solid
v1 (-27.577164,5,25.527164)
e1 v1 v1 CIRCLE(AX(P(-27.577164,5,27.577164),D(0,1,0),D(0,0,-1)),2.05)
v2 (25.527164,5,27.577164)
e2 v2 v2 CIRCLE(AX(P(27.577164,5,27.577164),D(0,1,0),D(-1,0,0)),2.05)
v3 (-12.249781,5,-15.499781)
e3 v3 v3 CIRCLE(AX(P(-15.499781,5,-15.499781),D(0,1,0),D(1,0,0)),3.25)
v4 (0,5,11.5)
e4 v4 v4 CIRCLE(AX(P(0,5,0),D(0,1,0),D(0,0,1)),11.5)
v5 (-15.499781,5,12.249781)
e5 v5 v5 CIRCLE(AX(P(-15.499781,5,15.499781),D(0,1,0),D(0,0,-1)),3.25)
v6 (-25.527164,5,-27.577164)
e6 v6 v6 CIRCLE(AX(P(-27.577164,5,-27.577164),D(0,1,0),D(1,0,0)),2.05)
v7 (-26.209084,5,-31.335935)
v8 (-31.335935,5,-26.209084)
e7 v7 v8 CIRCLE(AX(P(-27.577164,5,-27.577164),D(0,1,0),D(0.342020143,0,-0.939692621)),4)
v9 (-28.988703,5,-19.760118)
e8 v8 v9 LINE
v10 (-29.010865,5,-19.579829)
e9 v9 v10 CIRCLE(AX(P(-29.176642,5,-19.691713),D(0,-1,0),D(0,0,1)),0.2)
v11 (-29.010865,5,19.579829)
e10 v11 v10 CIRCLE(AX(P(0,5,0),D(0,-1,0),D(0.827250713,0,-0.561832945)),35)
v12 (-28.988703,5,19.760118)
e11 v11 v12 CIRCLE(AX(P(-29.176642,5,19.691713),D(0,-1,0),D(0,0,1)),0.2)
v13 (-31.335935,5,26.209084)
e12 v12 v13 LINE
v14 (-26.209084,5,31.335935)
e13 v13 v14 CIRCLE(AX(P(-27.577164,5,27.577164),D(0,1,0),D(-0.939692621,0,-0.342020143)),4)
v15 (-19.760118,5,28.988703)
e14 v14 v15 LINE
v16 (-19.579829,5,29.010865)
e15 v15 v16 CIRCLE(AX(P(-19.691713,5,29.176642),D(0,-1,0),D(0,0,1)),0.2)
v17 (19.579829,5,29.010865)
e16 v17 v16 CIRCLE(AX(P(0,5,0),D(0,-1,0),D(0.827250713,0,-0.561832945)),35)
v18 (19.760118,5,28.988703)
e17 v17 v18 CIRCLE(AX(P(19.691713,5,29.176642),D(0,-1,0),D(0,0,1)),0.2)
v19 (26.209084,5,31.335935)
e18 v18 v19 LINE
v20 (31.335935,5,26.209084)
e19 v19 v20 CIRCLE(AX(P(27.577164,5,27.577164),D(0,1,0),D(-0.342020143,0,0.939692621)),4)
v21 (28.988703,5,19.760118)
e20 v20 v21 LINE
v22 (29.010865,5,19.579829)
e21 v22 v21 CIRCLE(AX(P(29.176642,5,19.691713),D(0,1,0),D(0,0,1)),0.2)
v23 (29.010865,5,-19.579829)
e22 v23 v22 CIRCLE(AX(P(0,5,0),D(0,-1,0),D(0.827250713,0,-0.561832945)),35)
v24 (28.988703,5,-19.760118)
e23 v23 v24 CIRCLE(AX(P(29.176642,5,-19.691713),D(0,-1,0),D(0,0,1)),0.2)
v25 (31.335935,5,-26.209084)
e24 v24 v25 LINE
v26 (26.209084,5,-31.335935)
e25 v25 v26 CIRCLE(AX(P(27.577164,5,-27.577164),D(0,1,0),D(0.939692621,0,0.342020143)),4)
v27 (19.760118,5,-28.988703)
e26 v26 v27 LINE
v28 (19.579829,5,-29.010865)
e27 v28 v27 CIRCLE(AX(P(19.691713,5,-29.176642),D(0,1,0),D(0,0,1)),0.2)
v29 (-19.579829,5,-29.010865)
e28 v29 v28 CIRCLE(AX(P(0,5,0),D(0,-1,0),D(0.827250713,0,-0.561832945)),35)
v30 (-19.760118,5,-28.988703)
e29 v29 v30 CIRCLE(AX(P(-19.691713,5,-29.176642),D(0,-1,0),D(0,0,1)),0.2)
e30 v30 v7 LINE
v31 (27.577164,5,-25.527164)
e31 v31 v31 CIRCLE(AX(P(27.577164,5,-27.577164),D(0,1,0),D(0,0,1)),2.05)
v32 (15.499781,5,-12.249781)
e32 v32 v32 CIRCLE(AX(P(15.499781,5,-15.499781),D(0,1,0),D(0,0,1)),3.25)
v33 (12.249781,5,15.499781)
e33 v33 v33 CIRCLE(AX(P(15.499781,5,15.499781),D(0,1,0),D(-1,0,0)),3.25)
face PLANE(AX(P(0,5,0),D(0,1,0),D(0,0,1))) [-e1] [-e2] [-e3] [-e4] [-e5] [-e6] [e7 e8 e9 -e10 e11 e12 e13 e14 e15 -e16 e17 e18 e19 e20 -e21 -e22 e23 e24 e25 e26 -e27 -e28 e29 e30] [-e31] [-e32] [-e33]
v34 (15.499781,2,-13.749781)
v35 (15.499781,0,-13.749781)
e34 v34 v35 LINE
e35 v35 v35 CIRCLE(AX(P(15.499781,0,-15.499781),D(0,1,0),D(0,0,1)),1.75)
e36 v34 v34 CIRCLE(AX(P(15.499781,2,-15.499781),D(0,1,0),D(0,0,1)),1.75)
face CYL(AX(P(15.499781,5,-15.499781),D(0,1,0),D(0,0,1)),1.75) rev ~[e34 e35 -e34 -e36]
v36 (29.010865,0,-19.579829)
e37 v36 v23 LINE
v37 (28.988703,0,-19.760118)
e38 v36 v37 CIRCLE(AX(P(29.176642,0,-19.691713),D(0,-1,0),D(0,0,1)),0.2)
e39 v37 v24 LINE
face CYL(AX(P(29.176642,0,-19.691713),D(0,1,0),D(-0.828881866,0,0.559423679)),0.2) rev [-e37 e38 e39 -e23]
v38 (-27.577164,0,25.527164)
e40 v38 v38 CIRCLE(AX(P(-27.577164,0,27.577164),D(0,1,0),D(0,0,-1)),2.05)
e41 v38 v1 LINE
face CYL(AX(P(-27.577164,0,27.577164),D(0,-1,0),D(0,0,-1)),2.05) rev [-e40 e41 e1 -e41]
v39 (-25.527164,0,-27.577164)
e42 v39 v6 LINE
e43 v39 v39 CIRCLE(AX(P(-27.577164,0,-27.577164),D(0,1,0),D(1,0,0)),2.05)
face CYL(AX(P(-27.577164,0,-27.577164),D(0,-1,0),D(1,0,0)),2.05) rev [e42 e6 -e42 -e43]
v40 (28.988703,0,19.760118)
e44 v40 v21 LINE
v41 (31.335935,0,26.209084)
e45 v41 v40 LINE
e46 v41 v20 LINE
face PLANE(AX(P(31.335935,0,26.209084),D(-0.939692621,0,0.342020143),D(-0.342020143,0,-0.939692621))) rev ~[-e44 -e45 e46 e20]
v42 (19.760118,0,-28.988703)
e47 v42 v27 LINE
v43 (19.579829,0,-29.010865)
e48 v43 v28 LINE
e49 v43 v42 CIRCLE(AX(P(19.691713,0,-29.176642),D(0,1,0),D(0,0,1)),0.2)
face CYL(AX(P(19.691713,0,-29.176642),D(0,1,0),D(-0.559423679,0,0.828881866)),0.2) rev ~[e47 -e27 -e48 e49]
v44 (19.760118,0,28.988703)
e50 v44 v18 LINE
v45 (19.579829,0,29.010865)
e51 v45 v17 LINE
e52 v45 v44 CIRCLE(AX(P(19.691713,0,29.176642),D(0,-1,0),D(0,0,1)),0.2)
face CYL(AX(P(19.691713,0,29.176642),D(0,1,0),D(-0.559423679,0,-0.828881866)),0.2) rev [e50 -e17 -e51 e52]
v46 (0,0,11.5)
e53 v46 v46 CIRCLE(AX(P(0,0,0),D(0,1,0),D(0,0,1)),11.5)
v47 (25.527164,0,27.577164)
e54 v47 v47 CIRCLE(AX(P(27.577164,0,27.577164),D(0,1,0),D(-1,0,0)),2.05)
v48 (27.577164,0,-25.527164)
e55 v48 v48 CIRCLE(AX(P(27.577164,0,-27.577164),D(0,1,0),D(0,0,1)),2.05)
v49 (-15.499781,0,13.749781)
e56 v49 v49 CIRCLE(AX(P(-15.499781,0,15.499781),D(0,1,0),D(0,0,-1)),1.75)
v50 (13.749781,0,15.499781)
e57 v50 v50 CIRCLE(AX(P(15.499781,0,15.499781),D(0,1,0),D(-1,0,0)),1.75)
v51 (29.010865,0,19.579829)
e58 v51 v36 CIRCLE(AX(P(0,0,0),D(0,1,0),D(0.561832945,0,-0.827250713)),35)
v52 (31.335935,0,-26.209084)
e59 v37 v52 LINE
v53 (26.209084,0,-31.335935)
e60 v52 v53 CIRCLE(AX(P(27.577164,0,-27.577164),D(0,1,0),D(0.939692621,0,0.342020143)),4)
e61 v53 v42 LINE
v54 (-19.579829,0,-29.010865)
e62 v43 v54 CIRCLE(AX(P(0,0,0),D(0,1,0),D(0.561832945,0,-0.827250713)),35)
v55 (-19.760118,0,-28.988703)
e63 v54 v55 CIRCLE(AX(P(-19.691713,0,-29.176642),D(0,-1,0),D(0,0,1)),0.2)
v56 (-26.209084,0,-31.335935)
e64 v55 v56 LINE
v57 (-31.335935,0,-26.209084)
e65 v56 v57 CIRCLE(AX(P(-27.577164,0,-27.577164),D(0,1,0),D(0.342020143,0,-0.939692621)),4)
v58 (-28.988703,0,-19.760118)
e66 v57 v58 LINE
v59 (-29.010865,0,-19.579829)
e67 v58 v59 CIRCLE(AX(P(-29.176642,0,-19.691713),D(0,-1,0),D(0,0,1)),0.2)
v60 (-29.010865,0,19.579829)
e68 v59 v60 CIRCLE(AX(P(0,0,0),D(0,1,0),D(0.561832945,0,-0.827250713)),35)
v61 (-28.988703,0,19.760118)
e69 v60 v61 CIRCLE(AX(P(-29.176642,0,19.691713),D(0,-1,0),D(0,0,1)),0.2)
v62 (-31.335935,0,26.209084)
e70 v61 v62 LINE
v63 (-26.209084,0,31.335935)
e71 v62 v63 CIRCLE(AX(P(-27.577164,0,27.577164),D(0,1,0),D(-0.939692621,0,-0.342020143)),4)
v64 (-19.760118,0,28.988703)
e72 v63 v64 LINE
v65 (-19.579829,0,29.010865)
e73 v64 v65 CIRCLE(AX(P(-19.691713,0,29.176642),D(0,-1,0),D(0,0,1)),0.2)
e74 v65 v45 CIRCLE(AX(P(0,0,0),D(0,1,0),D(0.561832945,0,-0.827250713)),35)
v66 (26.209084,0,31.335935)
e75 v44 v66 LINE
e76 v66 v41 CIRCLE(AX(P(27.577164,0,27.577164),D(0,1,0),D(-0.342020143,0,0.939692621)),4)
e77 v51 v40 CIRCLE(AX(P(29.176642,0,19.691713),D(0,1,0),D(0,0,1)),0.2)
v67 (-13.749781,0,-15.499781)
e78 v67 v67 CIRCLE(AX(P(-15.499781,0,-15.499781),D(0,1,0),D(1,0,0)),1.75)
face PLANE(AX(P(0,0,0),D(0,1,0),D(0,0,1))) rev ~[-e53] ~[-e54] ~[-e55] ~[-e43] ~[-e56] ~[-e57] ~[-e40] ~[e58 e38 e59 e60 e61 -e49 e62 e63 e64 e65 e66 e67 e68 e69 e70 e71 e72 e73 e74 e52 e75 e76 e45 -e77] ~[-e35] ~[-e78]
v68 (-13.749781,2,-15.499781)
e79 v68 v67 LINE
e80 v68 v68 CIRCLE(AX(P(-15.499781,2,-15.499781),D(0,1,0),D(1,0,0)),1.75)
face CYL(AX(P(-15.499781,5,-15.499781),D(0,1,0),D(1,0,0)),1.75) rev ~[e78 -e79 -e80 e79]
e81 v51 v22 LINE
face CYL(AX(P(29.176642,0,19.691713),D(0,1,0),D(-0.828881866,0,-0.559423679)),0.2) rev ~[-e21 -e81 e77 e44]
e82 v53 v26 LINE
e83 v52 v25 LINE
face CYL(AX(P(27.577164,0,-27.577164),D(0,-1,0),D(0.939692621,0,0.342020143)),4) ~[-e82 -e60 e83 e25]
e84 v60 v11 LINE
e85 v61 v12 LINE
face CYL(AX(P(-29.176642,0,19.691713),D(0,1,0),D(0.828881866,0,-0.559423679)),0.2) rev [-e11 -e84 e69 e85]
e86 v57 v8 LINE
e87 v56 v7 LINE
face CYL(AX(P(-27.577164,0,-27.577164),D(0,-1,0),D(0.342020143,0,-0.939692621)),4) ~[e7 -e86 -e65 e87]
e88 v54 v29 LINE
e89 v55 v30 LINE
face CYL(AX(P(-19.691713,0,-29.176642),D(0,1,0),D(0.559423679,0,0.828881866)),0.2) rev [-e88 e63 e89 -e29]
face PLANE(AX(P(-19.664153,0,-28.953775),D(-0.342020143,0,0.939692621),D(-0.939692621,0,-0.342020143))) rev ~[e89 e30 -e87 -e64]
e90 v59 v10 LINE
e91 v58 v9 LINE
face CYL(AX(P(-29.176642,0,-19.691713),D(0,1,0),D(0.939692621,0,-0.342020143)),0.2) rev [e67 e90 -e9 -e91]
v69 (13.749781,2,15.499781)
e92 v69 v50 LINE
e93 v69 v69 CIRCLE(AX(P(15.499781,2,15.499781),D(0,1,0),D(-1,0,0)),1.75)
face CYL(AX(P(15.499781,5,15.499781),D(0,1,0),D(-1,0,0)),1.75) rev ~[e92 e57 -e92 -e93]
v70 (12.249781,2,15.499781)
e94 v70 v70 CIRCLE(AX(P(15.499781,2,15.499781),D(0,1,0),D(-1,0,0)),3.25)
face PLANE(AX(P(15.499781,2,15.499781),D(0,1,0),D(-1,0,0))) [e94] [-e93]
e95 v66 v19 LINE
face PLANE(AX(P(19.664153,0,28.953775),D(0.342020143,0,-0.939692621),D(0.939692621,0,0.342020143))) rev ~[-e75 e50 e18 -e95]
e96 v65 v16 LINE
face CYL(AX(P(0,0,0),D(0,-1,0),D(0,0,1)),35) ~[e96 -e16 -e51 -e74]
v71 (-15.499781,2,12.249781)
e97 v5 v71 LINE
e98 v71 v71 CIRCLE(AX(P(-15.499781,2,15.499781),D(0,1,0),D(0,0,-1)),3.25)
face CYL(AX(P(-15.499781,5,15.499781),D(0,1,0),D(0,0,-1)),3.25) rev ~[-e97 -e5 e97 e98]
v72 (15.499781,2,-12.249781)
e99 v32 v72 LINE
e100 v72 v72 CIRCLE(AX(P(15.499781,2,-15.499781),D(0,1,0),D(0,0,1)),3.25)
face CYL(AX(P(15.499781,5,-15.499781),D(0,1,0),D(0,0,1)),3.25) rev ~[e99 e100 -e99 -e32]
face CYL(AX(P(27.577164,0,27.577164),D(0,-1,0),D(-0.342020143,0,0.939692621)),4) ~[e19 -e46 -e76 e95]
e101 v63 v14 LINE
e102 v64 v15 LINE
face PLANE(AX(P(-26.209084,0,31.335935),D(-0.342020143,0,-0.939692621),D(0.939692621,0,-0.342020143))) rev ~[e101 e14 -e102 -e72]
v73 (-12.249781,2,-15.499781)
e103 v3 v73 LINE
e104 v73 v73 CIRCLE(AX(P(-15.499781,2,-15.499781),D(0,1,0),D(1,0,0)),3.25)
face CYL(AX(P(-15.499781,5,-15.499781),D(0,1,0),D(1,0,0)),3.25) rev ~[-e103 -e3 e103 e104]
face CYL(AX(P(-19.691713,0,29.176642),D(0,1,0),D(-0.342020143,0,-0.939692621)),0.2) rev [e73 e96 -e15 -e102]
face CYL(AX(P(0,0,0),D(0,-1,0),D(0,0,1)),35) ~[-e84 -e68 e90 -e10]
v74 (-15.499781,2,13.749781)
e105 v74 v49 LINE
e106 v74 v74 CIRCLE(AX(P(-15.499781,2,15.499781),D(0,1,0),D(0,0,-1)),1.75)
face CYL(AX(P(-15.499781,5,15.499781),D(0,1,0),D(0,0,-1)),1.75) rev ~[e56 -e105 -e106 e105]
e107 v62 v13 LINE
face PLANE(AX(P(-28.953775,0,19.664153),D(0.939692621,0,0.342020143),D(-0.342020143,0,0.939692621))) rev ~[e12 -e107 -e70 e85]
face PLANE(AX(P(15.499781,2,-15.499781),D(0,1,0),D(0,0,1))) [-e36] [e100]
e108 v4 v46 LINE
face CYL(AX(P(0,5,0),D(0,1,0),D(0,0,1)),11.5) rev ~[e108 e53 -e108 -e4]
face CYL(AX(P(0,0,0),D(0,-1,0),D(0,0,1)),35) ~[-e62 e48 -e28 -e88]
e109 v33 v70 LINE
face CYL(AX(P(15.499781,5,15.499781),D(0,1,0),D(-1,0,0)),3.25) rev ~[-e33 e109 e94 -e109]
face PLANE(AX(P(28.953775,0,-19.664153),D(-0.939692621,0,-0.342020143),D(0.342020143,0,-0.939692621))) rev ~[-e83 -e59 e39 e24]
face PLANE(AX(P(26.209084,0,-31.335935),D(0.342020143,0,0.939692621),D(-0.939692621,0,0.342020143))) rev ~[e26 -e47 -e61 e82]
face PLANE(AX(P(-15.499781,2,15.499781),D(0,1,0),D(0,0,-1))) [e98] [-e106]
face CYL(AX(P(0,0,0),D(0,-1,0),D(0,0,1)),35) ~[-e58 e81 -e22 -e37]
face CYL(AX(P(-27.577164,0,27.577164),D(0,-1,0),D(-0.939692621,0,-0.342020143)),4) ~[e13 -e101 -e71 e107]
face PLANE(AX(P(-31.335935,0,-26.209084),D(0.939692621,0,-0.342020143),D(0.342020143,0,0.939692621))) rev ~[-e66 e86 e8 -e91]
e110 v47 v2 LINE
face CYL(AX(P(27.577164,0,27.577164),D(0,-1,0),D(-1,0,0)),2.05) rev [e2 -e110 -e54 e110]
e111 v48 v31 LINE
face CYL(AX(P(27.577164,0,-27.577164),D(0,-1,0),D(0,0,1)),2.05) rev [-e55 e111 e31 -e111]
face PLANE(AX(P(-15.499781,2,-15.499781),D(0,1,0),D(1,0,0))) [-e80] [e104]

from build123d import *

# Parameters (mm, degrees)
SKETCH1_R                = 35
BOSS_EXTRUDE1_DEPTH      = 5
SKETCH2_R                = 11.5
CUT_EXTRUDE1_DEPTH       = 50.749371855
SKETCH2_4_R              = 3.25
SKETCH2_4_R_2            = 1.75
CUT_EXTRUDE2_DEPTH       = 3
SKETCH2_5_R              = 1.75
CUT_EXTRUDE3_DEPTH       = 50.749371855
CIRPATTERN3_COUNT        = 4
BOSS_EXTRUDE2_START      = -5
SKETCH3_R                = 2.05
BOSS_EXTRUDE2_DEPTH      = 5
FILLET1_R                = 0.2
CIRPATTERN4_COUNT        = 4
FILLET1_OF_CIRPATTERN4_R = 0.2


with BuildPart() as part:
    # Sketch1 → Boss-Extrude1 (new body)
    with BuildSketch(Plane(origin=(0, 0, 0), x_dir=(1, 0, 0), z_dir=(0, 1, 0))):
        with Locations(Location((0, 0, 0), (0, 0, 270))):
            Circle(SKETCH1_R)
    extrude(amount=BOSS_EXTRUDE1_DEPTH)

    # Sketch2 → Cut-Extrude1 (cut, through all)
    with BuildSketch(Plane(origin=(0, 5, 0), x_dir=(1, 0, 0), z_dir=(0, 1, 0))):
        with Locations(Location((0, 0, 0), (0, 0, 270))):
            Circle(SKETCH2_R)
    extrude(amount=-CUT_EXTRUDE1_DEPTH, mode=Mode.SUBTRACT)

    # Sketch2<4> → Cut-Extrude2 (cut)
    with BuildSketch(Plane(origin=(0, 5, 0), x_dir=(1, 0, 0), z_dir=(0, 1, 0))):
        with Locations(Location((15.499780644, 15.499780644, 0), (0, 0, 270))):
            Circle(SKETCH2_4_R)
        with Locations(Location((15.499780644, 15.499780644, 0), (0, 0, 270))):
            Circle(SKETCH2_4_R_2, mode=Mode.SUBTRACT)
    cut_extrude2 = extrude(amount=-CUT_EXTRUDE2_DEPTH, mode=Mode.SUBTRACT)

    # Sketch2<5> → Cut-Extrude3 (cut, through all)
    with BuildSketch(Plane(origin=(0, 5, 0), x_dir=(1, 0, 0), z_dir=(0, 1, 0))):
        with Locations(Location((15.499780644, 15.499780644, 0), (0, 0, 270))):
            Circle(SKETCH2_5_R)
    cut_extrude3 = extrude(amount=-CUT_EXTRUDE3_DEPTH, mode=Mode.SUBTRACT)

    # CirPattern3: Cut-Extrude2, Cut-Extrude3 ×4 about axis
    cirpattern3_axis = Axis((0, 0, 0), (0, 1, 0))
    add([cut_extrude2.rotate(cirpattern3_axis, i * 360 / CIRPATTERN3_COUNT) for i in range(1, CIRPATTERN3_COUNT)], mode=Mode.SUBTRACT)
    add([cut_extrude3.rotate(cirpattern3_axis, i * 360 / CIRPATTERN3_COUNT) for i in range(1, CIRPATTERN3_COUNT)], mode=Mode.SUBTRACT)

    # Sketch3 → Boss-Extrude2 (add)
    with BuildSketch(Plane(origin=(0, 5, 0), x_dir=(1, 0, 0), z_dir=(0, 1, 0)).offset(BOSS_EXTRUDE2_START)):
        with BuildLine():
            ThreePointArc((19.664153078, 28.953774948), (24.748737342, 24.748737342), (28.953774948, 19.664153078))
            Line((28.953774948, 19.664153078), (31.335934949, 26.209083893))
            ThreePointArc((31.335934949, 26.209083893), (30.405591591, 30.405591591), (26.209083893, 31.335934949))
            Line((26.209083893, 31.335934949), (19.664153078, 28.953774948))
        make_face()
        with Locations(Location((27.577164466, 27.577164466, 0), (0, 0, 270))):
            Circle(SKETCH3_R, mode=Mode.SUBTRACT)
    boss_extrude2 = extrude(amount=BOSS_EXTRUDE2_DEPTH)

    # Fillet1
    fillet1_edges = [part.edges().sort_by_distance(p)[0] for p in [
        (19.664153078, 2.5, -28.953774948),
        (28.953774948, 2.5, -19.664153078),
    ]]
    fillet(fillet1_edges, radius=FILLET1_R)

    # CirPattern4: Boss-Extrude2 ×4 about axis
    cirpattern4_axis = Axis((0, 0, 0), (0, 1, 0))
    for i in range(1, CIRPATTERN4_COUNT):
        add(boss_extrude2.rotate(cirpattern4_axis, i * 360 / CIRPATTERN4_COUNT))

    # Fillet1 of CirPattern4
    fillet1_of_cirpattern4_edges = [part.edges().sort_by_distance(p)[0] for p in [
        (-28.953774948, 2.5, -19.664153078),
        (-19.664153078, 2.5, -28.953774948),
        (-19.664153078, 2.5, 28.953774948),
        (-28.953774948, 2.5, 19.664153078),
        (28.953774948, 2.5, 19.664153078),
        (19.664153078, 2.5, 28.953774948),
    ]]
    fillet(fillet1_of_cirpattern4_edges, radius=FILLET1_OF_CIRPATTERN4_R)


solid = part.part
